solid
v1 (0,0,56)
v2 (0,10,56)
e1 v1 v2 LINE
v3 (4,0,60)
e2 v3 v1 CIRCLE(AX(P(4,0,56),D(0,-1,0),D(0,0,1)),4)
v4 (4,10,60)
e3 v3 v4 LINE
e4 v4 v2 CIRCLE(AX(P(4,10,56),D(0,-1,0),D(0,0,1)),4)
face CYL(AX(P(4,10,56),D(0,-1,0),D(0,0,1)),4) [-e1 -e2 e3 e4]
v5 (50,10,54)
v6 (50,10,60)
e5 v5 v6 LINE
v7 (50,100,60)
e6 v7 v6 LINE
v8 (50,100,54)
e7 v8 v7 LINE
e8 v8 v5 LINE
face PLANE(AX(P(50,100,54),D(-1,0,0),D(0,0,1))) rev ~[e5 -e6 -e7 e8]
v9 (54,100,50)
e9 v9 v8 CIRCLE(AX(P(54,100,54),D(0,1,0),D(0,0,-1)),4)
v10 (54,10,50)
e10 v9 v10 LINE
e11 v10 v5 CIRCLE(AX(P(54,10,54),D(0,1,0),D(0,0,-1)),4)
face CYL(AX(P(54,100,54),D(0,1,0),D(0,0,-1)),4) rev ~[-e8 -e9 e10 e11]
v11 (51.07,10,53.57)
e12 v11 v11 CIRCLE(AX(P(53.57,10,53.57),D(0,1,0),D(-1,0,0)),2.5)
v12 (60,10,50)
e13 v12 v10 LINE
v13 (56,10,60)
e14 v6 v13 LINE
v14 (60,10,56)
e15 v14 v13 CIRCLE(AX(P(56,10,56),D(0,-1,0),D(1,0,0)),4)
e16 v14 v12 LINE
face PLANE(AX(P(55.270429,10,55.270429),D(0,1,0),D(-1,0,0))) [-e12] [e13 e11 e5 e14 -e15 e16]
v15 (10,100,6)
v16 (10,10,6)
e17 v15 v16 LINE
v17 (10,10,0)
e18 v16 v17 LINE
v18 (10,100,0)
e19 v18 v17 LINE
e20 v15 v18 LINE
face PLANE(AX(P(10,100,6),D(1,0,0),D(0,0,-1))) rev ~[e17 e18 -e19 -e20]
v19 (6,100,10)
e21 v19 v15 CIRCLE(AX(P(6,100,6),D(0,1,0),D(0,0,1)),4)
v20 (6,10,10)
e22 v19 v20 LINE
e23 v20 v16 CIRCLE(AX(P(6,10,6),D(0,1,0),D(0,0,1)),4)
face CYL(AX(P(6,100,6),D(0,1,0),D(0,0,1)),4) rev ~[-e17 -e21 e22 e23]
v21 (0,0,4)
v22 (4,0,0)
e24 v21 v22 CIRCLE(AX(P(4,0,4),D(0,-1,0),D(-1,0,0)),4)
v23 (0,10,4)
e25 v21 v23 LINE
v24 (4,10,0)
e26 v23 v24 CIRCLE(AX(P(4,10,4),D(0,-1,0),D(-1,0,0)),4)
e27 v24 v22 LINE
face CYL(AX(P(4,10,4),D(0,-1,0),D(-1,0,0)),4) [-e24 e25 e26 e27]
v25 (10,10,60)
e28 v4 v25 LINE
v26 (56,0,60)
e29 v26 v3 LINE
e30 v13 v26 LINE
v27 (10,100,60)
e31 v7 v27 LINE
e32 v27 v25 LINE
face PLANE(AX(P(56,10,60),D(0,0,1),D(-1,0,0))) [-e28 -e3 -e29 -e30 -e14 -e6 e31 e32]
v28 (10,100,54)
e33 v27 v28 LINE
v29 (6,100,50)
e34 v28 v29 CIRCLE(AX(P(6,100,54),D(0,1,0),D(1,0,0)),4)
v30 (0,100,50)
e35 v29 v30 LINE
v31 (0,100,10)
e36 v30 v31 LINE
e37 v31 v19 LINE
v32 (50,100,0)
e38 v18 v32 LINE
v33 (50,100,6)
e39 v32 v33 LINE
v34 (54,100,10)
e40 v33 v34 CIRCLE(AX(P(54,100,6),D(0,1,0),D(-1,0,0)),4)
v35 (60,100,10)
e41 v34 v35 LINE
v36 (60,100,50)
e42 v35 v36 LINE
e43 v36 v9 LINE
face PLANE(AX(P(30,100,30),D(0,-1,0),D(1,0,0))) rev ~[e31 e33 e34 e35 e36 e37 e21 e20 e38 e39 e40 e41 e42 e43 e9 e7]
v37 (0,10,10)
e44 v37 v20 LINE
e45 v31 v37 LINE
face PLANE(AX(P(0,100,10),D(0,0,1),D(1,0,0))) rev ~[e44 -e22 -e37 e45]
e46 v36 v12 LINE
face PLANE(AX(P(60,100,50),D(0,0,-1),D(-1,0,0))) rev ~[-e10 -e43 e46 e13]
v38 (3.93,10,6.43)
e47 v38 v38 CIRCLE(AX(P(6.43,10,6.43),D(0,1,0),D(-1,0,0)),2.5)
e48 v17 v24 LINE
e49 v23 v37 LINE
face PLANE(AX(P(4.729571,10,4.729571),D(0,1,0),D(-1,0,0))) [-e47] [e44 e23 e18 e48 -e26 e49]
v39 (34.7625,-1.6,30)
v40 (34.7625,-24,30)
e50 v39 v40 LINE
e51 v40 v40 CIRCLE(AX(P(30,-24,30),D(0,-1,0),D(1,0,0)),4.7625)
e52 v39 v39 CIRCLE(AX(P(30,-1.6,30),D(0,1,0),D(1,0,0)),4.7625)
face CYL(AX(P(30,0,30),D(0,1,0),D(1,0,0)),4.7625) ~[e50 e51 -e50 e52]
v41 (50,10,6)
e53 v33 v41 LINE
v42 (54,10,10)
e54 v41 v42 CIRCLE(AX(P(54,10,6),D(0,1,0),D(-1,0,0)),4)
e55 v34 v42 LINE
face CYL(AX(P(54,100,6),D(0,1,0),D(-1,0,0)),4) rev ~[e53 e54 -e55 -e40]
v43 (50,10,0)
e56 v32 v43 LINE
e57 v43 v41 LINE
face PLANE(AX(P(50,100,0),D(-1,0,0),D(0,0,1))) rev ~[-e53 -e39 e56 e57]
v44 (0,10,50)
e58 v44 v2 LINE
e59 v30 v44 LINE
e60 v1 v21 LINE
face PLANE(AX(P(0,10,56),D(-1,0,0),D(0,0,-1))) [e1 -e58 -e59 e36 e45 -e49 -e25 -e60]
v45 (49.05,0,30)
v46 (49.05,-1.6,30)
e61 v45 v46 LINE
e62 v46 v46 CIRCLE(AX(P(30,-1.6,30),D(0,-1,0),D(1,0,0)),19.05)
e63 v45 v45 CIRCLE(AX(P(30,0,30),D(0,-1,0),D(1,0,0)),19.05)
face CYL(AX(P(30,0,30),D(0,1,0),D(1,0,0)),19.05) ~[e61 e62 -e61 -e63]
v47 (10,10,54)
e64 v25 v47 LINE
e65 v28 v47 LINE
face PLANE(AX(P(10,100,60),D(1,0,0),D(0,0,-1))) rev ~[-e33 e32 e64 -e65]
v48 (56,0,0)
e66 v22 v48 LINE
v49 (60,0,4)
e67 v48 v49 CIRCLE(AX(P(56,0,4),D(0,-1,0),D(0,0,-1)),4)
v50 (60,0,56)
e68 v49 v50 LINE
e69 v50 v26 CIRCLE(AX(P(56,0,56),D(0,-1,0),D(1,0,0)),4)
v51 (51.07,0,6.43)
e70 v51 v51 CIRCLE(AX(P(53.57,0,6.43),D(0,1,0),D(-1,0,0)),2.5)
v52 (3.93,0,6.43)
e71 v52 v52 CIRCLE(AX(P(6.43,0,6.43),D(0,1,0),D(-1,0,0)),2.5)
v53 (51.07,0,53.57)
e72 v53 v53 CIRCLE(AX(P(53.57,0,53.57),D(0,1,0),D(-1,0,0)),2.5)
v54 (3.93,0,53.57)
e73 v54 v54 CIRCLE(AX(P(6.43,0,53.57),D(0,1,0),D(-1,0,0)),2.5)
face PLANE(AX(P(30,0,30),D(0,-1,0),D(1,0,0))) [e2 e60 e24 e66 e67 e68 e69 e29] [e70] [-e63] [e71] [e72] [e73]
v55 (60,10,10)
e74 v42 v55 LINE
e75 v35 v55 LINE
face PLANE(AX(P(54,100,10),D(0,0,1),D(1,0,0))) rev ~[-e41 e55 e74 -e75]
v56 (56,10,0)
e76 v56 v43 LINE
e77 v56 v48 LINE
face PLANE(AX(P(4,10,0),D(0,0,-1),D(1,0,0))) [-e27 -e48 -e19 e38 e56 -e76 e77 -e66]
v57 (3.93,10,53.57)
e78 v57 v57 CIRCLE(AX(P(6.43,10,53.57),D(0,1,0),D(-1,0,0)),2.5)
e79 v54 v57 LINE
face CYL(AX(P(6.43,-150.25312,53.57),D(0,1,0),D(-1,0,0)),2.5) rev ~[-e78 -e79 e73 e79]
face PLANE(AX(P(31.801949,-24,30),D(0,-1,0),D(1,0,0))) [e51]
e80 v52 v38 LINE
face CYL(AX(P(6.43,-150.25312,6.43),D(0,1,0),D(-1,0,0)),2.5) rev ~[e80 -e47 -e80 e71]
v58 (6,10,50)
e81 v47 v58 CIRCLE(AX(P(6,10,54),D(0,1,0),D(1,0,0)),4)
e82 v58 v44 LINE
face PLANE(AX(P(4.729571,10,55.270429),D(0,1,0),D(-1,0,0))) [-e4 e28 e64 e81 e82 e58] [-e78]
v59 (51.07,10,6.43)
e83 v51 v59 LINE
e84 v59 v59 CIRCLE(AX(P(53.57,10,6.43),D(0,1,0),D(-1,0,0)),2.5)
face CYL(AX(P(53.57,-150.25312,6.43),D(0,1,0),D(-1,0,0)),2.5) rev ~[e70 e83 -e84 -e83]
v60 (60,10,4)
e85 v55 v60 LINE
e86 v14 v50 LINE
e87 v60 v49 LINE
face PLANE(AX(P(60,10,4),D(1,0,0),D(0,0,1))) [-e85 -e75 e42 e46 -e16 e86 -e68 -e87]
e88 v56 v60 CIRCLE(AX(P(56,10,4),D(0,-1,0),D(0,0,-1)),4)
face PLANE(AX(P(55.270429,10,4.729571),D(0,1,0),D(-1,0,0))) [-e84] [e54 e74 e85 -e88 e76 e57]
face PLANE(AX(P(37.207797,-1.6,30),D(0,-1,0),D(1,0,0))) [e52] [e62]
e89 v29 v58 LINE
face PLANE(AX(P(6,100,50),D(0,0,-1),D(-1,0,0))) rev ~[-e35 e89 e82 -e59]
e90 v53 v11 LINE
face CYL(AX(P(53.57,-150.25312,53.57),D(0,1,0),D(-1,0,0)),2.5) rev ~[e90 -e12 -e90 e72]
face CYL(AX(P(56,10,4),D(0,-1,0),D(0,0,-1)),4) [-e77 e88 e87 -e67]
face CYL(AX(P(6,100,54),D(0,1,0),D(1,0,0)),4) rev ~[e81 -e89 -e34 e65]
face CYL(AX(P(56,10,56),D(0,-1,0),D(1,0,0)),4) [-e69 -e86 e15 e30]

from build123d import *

# Parameters (mm, degrees)
F1_DEPTH = 10
F3_DEPTH = 1.6
F5_DEPTH = 24
F7_DEPTH = 90
F9_DEPTH = 90
F10_D    = 5


with BuildPart() as f1:
    # F0 (on Front) → F1 (new body)
    with BuildSketch(Plane.XZ):
        with BuildLine():
            ThreePointArc((0, 4), (1.1715728753, 1.1715728753), (4, 0))
            Line((4, 0), (56, 0))
            ThreePointArc((56, 0), (58.8284271247, 1.1715728753), (60, 4))
            Line((60, 4), (60, 56))
            ThreePointArc((60, 56), (58.8284271247, 58.8284271247), (56, 60))
            Line((56, 60), (4, 60))
            ThreePointArc((4, 60), (1.1715728753, 58.8284271247), (0, 56))
            Line((0, 56), (0, 4))
        make_face()
    extrude(amount=-F1_DEPTH)

    # F2 (on face) → F3 (join)
    with BuildSketch(Plane.XZ):
        with BuildLine():
            ThreePointArc((49.05, 30), (43.4703841816, 43.4703841816), (30, 49.05))
            Line((30, 49.05), (30, 10.95))
            ThreePointArc((30, 10.95), (43.4703841816, 16.5296158184), (49.05, 30))
        make_face()
        with BuildLine():
            Line((30, 10.95), (30, 49.05))
            ThreePointArc((30, 49.05), (10.95, 30), (30, 10.95))
        make_face()
    extrude(amount=F3_DEPTH)

    # F4 (on face) → F5 (join)
    with BuildSketch(Plane.XZ):
        with BuildLine():
            ThreePointArc((34.7625, 30), (33.3675960454, 33.3675960454), (30, 34.7625))
            Line((30, 34.7625), (30, 25.2375))
            ThreePointArc((30, 25.2375), (33.3675960454, 26.6324039546), (34.7625, 30))
        make_face()
        with BuildLine():
            Line((30, 25.2375), (30, 34.7625))
            ThreePointArc((30, 34.7625), (25.2375, 30), (30, 25.2375))
        make_face()
    extrude(amount=F5_DEPTH)

    # F7 (add): a face of the model
    f7_faces = [f1.faces().sort_by_distance(p)[0] for p in [
        (30, 10, 30),
    ]]
    extrude(f7_faces, amount=F7_DEPTH)

    # F8 (on face) → F9 (cut)
    with BuildSketch(Plane(origin=(0, 100, 0), x_dir=(-1, 0, 0), z_dir=(0, 1, 0))):
        with BuildLine():
            Line((-60, 50), (-54, 50))
            ThreePointArc((-54, 50), (-51.1715728753, 51.1715728753), (-50, 54))
            Line((-50, 54), (-50, 60))
            Line((-50, 60), (-60, 60))
            Line((-60, 60), (-60, 50))
        make_face()
        with BuildLine():
            ThreePointArc((-10, 54), (-8.8284271247, 51.1715728753), (-6, 50))
            Line((-6, 50), (0, 50))
            Line((0, 50), (0, 60))
            Line((0, 60), (-10, 60))
            Line((-10, 60), (-10, 54))
        make_face()
        with BuildLine():
            ThreePointArc((-50, 6), (-51.1715728753, 8.8284271247), (-54, 10))
            Line((-54, 10), (-60, 10))
            Line((-60, 10), (-60, 0))
            Line((-60, 0), (-50, 0))
            Line((-50, 0), (-50, 6))
        make_face()
        with BuildLine():
            Line((0, 10), (-6, 10))
            ThreePointArc((-6, 10), (-8.8284271247, 8.8284271247), (-10, 6))
            Line((-10, 6), (-10, 0))
            Line((-10, 0), (0, 0))
            Line((0, 0), (0, 10))
        make_face()
    extrude(amount=-F9_DEPTH, mode=Mode.SUBTRACT)

    # F10 (through all)
    with Locations(Plane.XZ):
        with Locations((6.43, 53.57), (53.57, 53.57), (53.57, 6.43), (6.43, 6.43)):
            Hole(F10_D / 2)


solid = f1.part
